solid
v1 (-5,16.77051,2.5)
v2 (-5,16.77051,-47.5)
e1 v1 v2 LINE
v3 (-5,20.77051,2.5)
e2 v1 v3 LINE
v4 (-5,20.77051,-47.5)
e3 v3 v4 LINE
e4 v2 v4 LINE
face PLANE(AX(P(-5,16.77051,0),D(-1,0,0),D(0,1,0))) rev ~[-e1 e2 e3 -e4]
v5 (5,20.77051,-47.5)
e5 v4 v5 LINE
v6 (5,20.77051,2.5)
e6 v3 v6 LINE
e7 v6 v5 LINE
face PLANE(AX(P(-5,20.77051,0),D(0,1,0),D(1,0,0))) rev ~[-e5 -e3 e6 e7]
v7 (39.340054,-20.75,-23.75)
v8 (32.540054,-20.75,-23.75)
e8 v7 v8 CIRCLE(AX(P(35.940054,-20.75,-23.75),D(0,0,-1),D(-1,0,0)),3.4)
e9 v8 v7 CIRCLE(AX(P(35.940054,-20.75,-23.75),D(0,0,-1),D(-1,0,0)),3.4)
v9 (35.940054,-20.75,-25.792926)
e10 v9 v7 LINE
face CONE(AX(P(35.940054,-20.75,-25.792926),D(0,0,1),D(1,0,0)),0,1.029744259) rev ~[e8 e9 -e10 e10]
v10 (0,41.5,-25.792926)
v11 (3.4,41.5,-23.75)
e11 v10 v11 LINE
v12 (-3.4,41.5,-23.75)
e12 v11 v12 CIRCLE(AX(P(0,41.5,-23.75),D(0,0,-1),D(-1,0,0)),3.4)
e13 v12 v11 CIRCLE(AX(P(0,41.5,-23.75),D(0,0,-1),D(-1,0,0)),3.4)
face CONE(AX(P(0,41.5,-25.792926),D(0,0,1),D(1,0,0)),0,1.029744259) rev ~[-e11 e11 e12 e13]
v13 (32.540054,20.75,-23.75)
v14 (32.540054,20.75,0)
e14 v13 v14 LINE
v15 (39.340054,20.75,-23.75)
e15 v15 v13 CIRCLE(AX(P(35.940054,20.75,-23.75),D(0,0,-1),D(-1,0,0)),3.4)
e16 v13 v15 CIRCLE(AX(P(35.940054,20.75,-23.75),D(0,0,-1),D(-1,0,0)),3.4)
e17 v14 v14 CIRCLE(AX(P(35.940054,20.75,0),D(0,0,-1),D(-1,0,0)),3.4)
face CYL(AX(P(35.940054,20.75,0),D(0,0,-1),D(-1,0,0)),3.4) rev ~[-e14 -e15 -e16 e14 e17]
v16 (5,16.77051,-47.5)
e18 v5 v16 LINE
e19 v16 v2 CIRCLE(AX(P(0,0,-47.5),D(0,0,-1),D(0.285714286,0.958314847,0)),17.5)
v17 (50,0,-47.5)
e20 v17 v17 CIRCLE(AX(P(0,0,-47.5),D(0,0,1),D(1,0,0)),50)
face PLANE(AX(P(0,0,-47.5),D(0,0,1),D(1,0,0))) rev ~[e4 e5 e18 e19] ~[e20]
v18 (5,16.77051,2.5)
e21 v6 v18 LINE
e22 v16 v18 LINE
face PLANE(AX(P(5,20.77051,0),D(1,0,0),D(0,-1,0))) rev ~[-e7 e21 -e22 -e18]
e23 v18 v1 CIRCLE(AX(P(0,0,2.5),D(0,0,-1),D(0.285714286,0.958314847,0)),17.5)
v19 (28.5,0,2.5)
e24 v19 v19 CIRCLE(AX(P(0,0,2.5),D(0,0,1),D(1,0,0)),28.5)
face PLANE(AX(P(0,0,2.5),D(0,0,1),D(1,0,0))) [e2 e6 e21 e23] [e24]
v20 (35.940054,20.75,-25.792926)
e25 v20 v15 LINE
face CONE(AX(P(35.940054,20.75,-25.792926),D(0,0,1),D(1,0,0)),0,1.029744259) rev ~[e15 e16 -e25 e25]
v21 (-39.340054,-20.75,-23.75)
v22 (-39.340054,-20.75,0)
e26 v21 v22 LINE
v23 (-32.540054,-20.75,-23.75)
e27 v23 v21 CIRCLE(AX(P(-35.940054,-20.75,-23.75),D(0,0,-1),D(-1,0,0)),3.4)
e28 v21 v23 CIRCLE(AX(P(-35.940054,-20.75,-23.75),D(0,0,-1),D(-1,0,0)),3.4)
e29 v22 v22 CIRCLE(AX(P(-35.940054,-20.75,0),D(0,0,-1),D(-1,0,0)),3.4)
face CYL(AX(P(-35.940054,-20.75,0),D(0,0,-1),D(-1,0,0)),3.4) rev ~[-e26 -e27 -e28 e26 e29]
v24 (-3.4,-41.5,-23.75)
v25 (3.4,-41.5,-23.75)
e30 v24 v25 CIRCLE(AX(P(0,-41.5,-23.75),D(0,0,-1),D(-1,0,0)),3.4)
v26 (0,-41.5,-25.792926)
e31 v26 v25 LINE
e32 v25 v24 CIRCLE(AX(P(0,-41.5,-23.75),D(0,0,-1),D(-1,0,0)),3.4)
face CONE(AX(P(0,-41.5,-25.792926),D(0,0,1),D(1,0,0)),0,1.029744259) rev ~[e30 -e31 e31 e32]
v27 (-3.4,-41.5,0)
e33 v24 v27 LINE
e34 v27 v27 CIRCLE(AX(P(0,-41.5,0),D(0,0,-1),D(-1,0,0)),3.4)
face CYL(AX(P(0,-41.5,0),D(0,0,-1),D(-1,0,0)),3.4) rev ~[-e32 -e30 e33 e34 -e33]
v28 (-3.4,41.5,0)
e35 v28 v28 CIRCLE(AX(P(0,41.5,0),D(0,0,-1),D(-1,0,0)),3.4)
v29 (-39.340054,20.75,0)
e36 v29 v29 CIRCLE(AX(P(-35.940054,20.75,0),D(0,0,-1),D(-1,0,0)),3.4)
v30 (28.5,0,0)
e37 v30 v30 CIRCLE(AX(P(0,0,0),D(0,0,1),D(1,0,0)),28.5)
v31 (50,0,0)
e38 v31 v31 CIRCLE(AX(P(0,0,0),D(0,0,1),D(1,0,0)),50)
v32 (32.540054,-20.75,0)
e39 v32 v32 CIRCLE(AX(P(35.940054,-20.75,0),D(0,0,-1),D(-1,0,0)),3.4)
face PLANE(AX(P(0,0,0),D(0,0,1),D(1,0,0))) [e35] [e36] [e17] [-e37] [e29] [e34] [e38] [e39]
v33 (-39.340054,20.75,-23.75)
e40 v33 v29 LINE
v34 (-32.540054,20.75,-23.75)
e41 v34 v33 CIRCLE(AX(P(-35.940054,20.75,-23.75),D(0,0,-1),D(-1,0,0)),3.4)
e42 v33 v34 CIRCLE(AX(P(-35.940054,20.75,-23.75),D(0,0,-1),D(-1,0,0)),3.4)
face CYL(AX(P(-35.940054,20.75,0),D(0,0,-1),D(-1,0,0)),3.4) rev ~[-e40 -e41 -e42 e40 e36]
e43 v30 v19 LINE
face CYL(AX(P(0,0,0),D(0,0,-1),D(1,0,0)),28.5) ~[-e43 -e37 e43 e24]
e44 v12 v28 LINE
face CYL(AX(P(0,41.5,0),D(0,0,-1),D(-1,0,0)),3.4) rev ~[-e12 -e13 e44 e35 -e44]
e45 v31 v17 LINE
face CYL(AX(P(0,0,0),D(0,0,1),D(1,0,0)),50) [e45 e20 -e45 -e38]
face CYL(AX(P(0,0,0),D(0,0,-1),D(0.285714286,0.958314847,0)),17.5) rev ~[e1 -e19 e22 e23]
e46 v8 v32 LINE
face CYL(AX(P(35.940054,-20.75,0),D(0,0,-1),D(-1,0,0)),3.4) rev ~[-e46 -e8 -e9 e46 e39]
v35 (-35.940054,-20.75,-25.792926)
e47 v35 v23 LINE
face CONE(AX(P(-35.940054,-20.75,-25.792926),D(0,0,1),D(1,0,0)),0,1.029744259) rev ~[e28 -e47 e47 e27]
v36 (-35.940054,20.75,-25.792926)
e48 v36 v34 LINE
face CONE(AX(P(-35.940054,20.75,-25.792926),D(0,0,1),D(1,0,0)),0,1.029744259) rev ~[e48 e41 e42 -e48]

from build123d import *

# Parameters (mm, degrees)
F0_R           = 50
F0_R_2         = 28.5
F1_DEPTH       = 47.5
F2_DEPTH       = 47.5
F3_D           = 6.8
F3_DEPTH       = 23.75
F3_CBORE_D     = 6.8
F3_CBORE_DEPTH = 1
F3_TIP         = 2.0429261047
F4_DEPTH       = 2.5


with BuildPart() as f1:
    # F0 (on Top) → F1 (new body)
    with BuildSketch(Plane.XY):
        Circle(F0_R)
        with BuildLine():
            ThreePointArc((37.7707857076, 17.193537944), (40.5569821786, 8.7966582614), (41.5, 0))
            ThreePointArc((41.5, 0), (40.5569821786, -8.7966582614), (37.7707857076, -17.193537944))
            ThreePointArc((37.7707857076, -17.193537944), (39.3549426741, -18.6670844715), (39.9400542571, -20.75))
            ThreePointArc((39.9400542571, -20.75), (37.8559766131, -24.2613019702), (33.7754334942, -24.1136909717))
            ThreePointArc((33.7754334942, -24.1136909717), (20.75, -35.9400542571), (3.9953522134, -41.3072289157))
            ThreePointArc((3.9953522134, -41.3072289157), (3.9988378845, -41.4035864469), (4, -41.5))
            ThreePointArc((4, -41.5), (-0.0964135531, -45.4988378845), (-3.9953522134, -41.3072289157))
            ThreePointArc((-3.9953522134, -41.3072289157), (-20.75, -35.9400542571), (-33.7754334942, -24.1136909717))
            ThreePointArc((-33.7754334942, -24.1136909717), (-39.4041558722, -22.75), (-37.7707857076, -17.193537944))
            ThreePointArc((-37.7707857076, -17.193537944), (-41.5, 0), (-37.7707857076, 17.193537944))
            ThreePointArc((-37.7707857076, 17.193537944), (-39.4041558722, 22.75), (-33.7754334942, 24.1136909717))
            ThreePointArc((-33.7754334942, 24.1136909717), (-20.75, 35.9400542571), (-3.9953522134, 41.3072289157))
            ThreePointArc((-3.9953522134, 41.3072289157), (-0.0964135531, 45.4988378845), (4, 41.5))
            ThreePointArc((4, 41.5), (3.9988378845, 41.4035864469), (3.9953522134, 41.3072289157))
            ThreePointArc((3.9953522134, 41.3072289157), (20.75, 35.9400542571), (33.7754334942, 24.1136909717))
            ThreePointArc((33.7754334942, 24.1136909717), (37.8559766131, 24.2613019702), (39.9400542571, 20.75))
            ThreePointArc((39.9400542571, 20.75), (39.3549426741, 18.6670844715), (37.7707857076, 17.193537944))
        make_face(mode=Mode.SUBTRACT)
        with BuildLine():
            ThreePointArc((37.7707857076, -17.193537944), (40.5569821786, -8.7966582614), (41.5, 0))
            ThreePointArc((41.5, 0), (40.5569821786, 8.7966582614), (37.7707857076, 17.193537944))
            ThreePointArc((37.7707857076, 17.193537944), (32.4759526419, 18.75), (33.7754334942, 24.1136909717))
            ThreePointArc((33.7754334942, 24.1136909717), (20.75, 35.9400542571), (3.9953522134, 41.3072289157))
            ThreePointArc((3.9953522134, 41.3072289157), (0, 37.5), (-3.9953522134, 41.3072289157))
            ThreePointArc((-3.9953522134, 41.3072289157), (-20.75, 35.9400542571), (-33.7754334942, 24.1136909717))
            ThreePointArc((-33.7754334942, 24.1136909717), (-32.4287522869, 22.665922356), (-31.9400542571, 20.75))
            ThreePointArc((-31.9400542571, 20.75), (-33.8571387285, 17.3351115829), (-37.7707857076, 17.193537944))
            ThreePointArc((-37.7707857076, 17.193537944), (-41.5, 0), (-37.7707857076, -17.193537944))
            ThreePointArc((-37.7707857076, -17.193537944), (-33.8571387285, -17.3351115829), (-31.9400542571, -20.75))
            ThreePointArc((-31.9400542571, -20.75), (-32.4287522869, -22.665922356), (-33.7754334942, -24.1136909717))
            ThreePointArc((-33.7754334942, -24.1136909717), (-20.75, -35.9400542571), (-3.9953522134, -41.3072289157))
            ThreePointArc((-3.9953522134, -41.3072289157), (0, -37.5), (3.9953522134, -41.3072289157))
            ThreePointArc((3.9953522134, -41.3072289157), (20.75, -35.9400542571), (33.7754334942, -24.1136909717))
            ThreePointArc((33.7754334942, -24.1136909717), (32.4759526419, -18.75), (37.7707857076, -17.193537944))
        make_face()
        Circle(F0_R_2, mode=Mode.SUBTRACT)
        with BuildLine():
            ThreePointArc((-37.7707857076, 17.193537944), (-35.9400542571, 20.75), (-33.7754334942, 24.1136909717))
            ThreePointArc((-33.7754334942, 24.1136909717), (-39.4041558722, 22.75), (-37.7707857076, 17.193537944))
        make_face()
        with BuildLine():
            ThreePointArc((-37.7707857076, -17.193537944), (-39.4041558722, -22.75), (-33.7754334942, -24.1136909717))
            ThreePointArc((-33.7754334942, -24.1136909717), (-35.9400542571, -20.75), (-37.7707857076, -17.193537944))
        make_face()
        with BuildLine():
            ThreePointArc((4, -41.5), (3.9988378845, -41.4035864469), (3.9953522134, -41.3072289157))
            ThreePointArc((3.9953522134, -41.3072289157), (0, -41.5), (-3.9953522134, -41.3072289157))
            ThreePointArc((-3.9953522134, -41.3072289157), (-0.0964135531, -45.4988378845), (4, -41.5))
        make_face()
        with BuildLine():
            ThreePointArc((39.9400542571, -20.75), (39.3549426741, -18.6670844715), (37.7707857076, -17.193537944))
            ThreePointArc((37.7707857076, -17.193537944), (35.9400542571, -20.75), (33.7754334942, -24.1136909717))
            ThreePointArc((33.7754334942, -24.1136909717), (37.8559766131, -24.2613019702), (39.9400542571, -20.75))
        make_face()
        with BuildLine():
            ThreePointArc((33.7754334942, 24.1136909717), (35.9400542571, 20.75), (37.7707857076, 17.193537944))
            ThreePointArc((37.7707857076, 17.193537944), (39.3549426741, 18.6670844715), (39.9400542571, 20.75))
            ThreePointArc((39.9400542571, 20.75), (37.8559766131, 24.2613019702), (33.7754334942, 24.1136909717))
        make_face()
        with BuildLine():
            ThreePointArc((-3.9953522134, 41.3072289157), (0, 41.5), (3.9953522134, 41.3072289157))
            ThreePointArc((3.9953522134, 41.3072289157), (3.9988378845, 41.4035864469), (4, 41.5))
            ThreePointArc((4, 41.5), (-0.0964135531, 45.4988378845), (-3.9953522134, 41.3072289157))
        make_face()
        with BuildLine():
            ThreePointArc((-31.9400542571, 20.75), (-32.4287522869, 22.665922356), (-33.7754334942, 24.1136909717))
            ThreePointArc((-33.7754334942, 24.1136909717), (-35.9400542571, 20.75), (-37.7707857076, 17.193537944))
            ThreePointArc((-37.7707857076, 17.193537944), (-33.8571387285, 17.3351115829), (-31.9400542571, 20.75))
        make_face()
        with BuildLine():
            ThreePointArc((-37.7707857076, -17.193537944), (-35.9400542571, -20.75), (-33.7754334942, -24.1136909717))
            ThreePointArc((-33.7754334942, -24.1136909717), (-32.4287522869, -22.665922356), (-31.9400542571, -20.75))
            ThreePointArc((-31.9400542571, -20.75), (-33.8571387285, -17.3351115829), (-37.7707857076, -17.193537944))
        make_face()
        with BuildLine():
            ThreePointArc((-3.9953522134, -41.3072289157), (0, -41.5), (3.9953522134, -41.3072289157))
            ThreePointArc((3.9953522134, -41.3072289157), (0, -37.5), (-3.9953522134, -41.3072289157))
        make_face()
        with BuildLine():
            ThreePointArc((33.7754334942, -24.1136909717), (35.9400542571, -20.75), (37.7707857076, -17.193537944))
            ThreePointArc((37.7707857076, -17.193537944), (32.4759526419, -18.75), (33.7754334942, -24.1136909717))
        make_face()
        with BuildLine():
            ThreePointArc((33.7754334942, 24.1136909717), (32.4759526419, 18.75), (37.7707857076, 17.193537944))
            ThreePointArc((37.7707857076, 17.193537944), (35.9400542571, 20.75), (33.7754334942, 24.1136909717))
        make_face()
        with BuildLine():
            ThreePointArc((-3.9953522134, 41.3072289157), (0, 37.5), (3.9953522134, 41.3072289157))
            ThreePointArc((3.9953522134, 41.3072289157), (0, 41.5), (-3.9953522134, 41.3072289157))
        make_face()
    extrude(amount=-F1_DEPTH)

    # F0 (on Top) → F2 (join)
    with BuildSketch(Plane.XY):
        Circle(F0_R_2)
        with BuildLine():
            ThreePointArc((5, 16.7705098312), (0, -17.5), (-5, 16.7705098312))
            Line((-5, 16.7705098312), (-5, 20.7705098312))
            Line((-5, 20.7705098312), (5, 20.7705098312))
            Line((5, 20.7705098312), (5, 16.7705098312))
        make_face(mode=Mode.SUBTRACT)
    extrude(amount=-F2_DEPTH)

    # F3
    with Locations(Plane.XY):
        with Locations((35.9400542571, -20.75), (35.9400542571, 20.75), (0, 41.5), (-35.9400542571, 20.75), (-35.9400542571, -20.75), (0, -41.5)):
            CounterBoreHole(F3_D / 2, F3_CBORE_D / 2, F3_CBORE_DEPTH, depth=F3_DEPTH)
            with Locations((0, 0, -(F3_DEPTH + F3_TIP / 2))):  # 118° drill point
                Cone(0, F3_D / 2, F3_TIP, mode=Mode.SUBTRACT)

    # F0 (on Top) → F4 (join)
    with BuildSketch(Plane.XY):
        Circle(F0_R_2)
        with BuildLine():
            ThreePointArc((5, 16.7705098312), (0, -17.5), (-5, 16.7705098312))
            Line((-5, 16.7705098312), (-5, 20.7705098312))
            Line((-5, 20.7705098312), (5, 20.7705098312))
            Line((5, 20.7705098312), (5, 16.7705098312))
        make_face(mode=Mode.SUBTRACT)
    extrude(amount=F4_DEPTH)


solid = f1.part
